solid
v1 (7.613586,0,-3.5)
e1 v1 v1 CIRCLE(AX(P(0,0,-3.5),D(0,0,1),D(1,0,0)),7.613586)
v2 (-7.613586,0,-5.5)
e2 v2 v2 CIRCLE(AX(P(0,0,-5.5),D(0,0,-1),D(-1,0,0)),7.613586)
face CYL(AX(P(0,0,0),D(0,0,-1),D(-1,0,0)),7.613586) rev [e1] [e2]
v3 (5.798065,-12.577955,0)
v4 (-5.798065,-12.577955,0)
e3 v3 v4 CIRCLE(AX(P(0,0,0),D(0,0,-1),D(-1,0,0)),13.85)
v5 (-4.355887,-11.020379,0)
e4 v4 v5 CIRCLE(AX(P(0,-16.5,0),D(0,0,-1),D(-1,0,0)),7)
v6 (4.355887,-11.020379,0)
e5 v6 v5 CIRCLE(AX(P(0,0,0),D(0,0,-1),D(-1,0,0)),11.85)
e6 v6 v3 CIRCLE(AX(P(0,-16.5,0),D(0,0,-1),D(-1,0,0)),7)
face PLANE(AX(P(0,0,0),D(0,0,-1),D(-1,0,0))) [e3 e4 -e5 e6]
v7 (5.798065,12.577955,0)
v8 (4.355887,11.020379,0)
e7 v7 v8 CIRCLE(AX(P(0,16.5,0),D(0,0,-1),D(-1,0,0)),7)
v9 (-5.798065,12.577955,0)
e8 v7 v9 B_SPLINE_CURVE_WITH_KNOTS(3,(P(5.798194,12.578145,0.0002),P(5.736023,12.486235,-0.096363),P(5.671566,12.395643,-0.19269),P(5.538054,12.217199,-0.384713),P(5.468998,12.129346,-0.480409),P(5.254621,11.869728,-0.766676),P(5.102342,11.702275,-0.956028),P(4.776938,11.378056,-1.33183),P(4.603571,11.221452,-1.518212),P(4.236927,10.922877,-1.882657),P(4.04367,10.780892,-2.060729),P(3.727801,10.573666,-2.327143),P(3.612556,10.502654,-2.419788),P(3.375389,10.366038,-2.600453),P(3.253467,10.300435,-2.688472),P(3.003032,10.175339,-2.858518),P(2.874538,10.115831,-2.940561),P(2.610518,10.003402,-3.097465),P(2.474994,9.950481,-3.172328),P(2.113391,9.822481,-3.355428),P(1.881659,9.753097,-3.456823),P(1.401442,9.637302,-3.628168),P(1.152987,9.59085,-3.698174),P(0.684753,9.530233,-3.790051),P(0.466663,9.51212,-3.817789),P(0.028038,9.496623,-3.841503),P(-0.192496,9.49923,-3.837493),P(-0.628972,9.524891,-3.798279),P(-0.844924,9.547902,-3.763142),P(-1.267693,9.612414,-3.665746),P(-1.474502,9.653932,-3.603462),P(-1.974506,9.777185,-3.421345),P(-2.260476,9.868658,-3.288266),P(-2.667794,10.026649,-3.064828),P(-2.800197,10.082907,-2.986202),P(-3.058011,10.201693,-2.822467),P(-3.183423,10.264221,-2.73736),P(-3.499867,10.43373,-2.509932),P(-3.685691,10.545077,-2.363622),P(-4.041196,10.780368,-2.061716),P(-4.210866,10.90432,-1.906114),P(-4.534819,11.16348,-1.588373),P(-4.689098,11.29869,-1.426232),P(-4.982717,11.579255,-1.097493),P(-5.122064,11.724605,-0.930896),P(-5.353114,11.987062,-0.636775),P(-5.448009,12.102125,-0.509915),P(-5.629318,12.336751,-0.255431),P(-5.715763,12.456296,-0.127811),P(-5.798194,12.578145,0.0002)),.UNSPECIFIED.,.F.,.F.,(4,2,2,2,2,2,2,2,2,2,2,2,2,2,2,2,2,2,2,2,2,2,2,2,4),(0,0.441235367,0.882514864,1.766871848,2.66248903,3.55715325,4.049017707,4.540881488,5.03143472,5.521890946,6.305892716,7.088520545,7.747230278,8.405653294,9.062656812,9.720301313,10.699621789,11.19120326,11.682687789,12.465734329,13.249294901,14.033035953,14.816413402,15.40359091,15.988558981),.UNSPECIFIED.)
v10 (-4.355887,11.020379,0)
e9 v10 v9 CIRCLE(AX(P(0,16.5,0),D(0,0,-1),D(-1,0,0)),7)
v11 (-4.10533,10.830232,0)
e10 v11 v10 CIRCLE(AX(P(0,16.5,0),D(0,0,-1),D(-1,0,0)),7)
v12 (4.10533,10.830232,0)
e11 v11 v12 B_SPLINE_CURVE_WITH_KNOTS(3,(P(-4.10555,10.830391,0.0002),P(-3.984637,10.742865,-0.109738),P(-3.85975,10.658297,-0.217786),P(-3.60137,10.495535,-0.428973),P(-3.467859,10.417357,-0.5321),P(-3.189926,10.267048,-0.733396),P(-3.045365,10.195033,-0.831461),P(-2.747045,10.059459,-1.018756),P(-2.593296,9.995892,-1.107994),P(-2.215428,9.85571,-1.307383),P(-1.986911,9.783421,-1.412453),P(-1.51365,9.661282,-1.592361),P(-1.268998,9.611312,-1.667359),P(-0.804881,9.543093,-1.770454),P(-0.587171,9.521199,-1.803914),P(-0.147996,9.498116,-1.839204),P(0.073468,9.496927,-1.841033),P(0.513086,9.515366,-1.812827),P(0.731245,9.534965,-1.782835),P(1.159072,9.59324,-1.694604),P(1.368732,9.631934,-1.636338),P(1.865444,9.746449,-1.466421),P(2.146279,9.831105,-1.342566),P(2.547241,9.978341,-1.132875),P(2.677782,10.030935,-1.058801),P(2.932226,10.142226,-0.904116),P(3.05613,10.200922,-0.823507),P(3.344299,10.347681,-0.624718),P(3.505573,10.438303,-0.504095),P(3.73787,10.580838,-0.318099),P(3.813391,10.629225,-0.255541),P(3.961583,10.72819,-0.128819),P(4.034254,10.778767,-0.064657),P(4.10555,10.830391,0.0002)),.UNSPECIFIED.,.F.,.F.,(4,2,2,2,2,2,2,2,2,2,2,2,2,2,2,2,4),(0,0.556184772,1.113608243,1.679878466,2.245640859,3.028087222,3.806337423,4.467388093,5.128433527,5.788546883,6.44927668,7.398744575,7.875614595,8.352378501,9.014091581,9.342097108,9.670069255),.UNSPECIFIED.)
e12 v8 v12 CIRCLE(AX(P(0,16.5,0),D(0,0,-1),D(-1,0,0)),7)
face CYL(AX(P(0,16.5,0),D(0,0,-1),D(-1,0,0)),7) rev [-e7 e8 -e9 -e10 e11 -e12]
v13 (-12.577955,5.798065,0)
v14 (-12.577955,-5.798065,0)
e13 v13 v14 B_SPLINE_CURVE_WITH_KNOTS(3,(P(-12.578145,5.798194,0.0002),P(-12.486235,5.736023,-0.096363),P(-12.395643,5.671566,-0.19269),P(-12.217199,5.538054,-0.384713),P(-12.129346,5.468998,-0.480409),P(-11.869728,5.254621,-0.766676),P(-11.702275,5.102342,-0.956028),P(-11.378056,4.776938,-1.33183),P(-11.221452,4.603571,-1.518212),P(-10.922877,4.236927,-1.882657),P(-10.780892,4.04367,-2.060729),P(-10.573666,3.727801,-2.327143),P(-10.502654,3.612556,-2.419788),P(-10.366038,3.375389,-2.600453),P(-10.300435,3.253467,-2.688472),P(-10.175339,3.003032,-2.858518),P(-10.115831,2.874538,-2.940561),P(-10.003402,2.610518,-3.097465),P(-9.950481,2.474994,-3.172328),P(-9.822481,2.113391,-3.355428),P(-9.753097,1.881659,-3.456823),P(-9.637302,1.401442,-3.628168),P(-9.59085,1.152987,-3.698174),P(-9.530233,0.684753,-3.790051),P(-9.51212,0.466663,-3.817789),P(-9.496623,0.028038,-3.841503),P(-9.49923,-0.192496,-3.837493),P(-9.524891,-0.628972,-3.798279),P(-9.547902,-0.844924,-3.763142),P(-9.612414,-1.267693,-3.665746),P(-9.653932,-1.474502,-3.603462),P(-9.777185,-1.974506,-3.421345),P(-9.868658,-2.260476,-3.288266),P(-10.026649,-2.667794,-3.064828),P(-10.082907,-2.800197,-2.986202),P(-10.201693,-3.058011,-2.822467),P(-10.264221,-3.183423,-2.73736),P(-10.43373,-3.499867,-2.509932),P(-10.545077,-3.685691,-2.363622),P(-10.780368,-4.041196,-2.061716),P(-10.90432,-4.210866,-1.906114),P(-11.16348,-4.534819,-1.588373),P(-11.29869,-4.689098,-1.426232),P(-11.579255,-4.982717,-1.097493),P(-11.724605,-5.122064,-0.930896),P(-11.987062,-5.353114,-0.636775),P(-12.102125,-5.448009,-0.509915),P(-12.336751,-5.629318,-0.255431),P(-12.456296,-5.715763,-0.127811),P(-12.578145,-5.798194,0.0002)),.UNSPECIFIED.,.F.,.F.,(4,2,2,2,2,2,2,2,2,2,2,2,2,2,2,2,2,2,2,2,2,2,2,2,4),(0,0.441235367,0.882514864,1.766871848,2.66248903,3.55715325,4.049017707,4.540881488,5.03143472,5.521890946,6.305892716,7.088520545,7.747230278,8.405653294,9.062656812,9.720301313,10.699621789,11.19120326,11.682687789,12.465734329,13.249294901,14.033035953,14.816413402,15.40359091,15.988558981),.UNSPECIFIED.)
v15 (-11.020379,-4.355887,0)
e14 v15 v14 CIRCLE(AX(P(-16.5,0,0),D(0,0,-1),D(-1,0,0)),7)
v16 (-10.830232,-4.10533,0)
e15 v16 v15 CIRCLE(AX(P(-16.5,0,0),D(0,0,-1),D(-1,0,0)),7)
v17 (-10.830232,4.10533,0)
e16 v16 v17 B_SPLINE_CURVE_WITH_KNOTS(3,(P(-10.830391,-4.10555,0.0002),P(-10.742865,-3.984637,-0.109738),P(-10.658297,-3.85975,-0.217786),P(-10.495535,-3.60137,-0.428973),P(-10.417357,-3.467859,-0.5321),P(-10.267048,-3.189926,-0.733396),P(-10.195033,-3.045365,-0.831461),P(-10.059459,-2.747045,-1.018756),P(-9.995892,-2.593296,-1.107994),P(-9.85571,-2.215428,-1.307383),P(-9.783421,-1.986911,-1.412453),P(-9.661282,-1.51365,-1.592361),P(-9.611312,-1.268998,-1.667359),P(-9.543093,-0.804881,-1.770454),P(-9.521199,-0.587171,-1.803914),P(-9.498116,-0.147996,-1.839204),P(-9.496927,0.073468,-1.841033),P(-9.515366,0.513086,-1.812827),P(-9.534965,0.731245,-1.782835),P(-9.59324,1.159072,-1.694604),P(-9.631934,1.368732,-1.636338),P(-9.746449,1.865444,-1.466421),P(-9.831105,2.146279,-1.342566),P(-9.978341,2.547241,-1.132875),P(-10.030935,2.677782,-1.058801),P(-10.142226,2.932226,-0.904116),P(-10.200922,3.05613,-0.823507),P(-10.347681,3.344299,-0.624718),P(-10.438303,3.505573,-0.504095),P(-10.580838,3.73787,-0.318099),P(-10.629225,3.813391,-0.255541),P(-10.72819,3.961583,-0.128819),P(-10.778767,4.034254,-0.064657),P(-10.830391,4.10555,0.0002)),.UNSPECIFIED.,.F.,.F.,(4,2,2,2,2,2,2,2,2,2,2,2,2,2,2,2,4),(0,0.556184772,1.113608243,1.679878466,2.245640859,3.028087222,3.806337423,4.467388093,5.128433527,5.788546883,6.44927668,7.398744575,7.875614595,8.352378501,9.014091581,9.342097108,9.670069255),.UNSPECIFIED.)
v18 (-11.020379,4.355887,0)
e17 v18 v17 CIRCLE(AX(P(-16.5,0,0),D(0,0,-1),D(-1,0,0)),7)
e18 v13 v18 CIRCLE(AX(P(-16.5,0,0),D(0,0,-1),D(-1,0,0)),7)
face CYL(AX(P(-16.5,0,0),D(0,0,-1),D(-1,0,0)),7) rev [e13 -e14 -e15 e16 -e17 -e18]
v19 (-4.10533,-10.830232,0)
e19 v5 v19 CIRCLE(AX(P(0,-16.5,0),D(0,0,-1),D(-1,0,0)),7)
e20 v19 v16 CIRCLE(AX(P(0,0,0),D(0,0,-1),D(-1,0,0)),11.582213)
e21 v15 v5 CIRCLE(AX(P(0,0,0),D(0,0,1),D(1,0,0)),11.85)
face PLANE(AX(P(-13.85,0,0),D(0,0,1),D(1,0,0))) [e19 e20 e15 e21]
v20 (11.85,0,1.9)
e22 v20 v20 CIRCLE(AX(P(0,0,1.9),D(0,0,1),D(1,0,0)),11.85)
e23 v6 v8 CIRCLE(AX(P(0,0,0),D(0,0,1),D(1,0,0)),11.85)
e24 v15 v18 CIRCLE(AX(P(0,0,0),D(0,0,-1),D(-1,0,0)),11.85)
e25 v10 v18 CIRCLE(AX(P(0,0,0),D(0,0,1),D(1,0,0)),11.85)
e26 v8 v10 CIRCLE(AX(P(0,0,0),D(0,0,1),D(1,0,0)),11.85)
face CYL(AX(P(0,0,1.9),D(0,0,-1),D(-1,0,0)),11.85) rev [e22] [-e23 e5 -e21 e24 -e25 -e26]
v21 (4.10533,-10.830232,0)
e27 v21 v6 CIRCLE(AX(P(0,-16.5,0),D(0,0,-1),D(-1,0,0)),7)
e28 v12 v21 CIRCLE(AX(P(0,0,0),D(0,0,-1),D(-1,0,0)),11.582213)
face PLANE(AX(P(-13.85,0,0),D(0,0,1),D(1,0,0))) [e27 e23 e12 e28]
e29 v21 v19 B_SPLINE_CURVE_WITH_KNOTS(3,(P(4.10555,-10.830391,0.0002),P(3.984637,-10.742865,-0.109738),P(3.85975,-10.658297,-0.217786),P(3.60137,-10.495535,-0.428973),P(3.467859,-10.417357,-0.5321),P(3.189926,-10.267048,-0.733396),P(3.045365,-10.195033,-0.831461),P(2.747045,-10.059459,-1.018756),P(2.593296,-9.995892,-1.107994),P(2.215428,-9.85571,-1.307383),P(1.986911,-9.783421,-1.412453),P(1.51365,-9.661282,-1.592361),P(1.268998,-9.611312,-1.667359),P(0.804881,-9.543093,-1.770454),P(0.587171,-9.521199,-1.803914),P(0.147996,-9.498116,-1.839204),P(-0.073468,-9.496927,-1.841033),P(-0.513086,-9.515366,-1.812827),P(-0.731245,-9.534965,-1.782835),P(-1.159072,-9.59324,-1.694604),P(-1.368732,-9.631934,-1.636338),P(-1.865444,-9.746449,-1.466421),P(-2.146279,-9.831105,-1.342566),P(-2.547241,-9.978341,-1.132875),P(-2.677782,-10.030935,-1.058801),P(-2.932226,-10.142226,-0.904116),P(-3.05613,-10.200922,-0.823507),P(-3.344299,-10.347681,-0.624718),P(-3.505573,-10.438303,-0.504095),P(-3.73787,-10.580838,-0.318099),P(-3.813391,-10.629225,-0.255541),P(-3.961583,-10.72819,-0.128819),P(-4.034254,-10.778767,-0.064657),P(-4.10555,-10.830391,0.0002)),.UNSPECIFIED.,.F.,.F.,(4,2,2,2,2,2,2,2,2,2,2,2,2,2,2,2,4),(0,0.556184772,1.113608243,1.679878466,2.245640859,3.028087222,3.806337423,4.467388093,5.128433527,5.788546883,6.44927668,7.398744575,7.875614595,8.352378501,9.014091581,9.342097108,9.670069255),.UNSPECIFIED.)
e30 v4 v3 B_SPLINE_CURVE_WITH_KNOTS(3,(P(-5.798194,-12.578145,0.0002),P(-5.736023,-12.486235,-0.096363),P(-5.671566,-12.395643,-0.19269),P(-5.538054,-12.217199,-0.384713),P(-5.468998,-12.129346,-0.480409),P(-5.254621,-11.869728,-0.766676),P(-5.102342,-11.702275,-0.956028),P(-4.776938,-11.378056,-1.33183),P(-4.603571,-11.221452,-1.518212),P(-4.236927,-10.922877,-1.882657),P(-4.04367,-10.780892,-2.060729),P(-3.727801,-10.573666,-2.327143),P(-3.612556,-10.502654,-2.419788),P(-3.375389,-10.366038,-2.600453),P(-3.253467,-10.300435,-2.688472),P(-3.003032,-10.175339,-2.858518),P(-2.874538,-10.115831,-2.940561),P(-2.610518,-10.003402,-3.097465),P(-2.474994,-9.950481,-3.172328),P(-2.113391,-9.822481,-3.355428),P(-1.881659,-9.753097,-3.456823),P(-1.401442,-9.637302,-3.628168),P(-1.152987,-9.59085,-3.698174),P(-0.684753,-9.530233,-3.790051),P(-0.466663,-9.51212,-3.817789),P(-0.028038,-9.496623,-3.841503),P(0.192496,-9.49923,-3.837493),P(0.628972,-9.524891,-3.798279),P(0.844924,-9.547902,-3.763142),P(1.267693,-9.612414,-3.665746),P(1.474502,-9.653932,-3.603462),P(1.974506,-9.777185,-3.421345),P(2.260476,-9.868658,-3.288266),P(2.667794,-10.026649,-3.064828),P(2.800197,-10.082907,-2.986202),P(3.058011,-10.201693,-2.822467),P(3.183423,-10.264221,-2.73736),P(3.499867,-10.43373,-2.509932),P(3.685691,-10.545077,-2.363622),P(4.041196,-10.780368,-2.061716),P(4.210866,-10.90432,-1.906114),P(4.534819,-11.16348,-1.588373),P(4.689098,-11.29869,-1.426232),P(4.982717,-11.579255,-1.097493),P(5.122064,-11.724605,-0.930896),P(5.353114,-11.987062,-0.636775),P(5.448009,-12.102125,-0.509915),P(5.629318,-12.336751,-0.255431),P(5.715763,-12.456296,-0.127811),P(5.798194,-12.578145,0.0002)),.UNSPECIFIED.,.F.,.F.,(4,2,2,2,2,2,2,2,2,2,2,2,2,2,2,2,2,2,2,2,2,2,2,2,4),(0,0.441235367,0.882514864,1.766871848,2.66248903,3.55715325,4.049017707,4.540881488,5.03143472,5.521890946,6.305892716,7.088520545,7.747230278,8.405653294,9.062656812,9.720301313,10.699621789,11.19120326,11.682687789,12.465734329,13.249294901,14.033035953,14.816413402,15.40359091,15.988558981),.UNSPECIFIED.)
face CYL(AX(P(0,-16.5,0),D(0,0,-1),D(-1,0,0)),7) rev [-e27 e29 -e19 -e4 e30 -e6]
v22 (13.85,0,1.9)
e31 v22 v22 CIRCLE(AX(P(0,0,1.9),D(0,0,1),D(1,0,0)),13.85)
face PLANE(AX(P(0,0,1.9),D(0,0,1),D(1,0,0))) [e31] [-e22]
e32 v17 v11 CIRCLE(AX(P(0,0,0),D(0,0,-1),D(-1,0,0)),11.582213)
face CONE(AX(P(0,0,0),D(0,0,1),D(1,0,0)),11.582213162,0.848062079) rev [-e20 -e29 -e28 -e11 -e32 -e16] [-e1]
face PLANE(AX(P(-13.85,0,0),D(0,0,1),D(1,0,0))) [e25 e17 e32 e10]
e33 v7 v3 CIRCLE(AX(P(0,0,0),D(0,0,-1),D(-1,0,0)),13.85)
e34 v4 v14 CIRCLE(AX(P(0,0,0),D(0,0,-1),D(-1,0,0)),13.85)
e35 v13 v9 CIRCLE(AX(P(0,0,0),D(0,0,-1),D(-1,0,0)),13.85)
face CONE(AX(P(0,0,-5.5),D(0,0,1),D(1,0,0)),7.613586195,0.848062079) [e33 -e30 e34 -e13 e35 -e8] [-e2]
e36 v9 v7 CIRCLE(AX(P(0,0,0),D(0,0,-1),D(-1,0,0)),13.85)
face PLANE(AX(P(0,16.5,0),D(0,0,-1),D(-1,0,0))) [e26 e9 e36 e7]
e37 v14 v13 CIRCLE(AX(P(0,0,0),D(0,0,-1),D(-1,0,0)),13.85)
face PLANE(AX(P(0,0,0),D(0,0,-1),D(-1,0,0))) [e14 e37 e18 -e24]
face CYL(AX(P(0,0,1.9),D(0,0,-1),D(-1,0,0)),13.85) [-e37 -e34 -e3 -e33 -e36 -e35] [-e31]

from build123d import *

# Parameters (mm, degrees)
SKETCH1_R           = 13.85
SKETCH1_R_2         = 11.85
BOSS_EXTRUDE1_DEPTH = 1.9
SKETCH4_R           = 7
SKETCH4_R_2         = 7.613586195
CUT_EXTRUDE2_DEPTH  = 5.5


with BuildPart() as part:
    # Sketch1 → Boss-Extrude1 (new body)
    with BuildSketch(Plane.XY):
        with Locations(Location((0, 0, 0), (0, 0, 180))):
            Circle(SKETCH1_R)
        with Locations(Location((0, 0, 0), (0, 0, 180))):
            Circle(SKETCH1_R_2, mode=Mode.SUBTRACT)
    extrude(amount=BOSS_EXTRUDE1_DEPTH)

    # Sketch2 → Revolve1 (revolve)
    with BuildSketch(Plane(origin=(0, 0, 0), x_dir=(1, 0, 0), z_dir=(0, 1, 0))):
        Polygon((-13.85, 0), (-7.613586195, 5.5), (0, 5.5), (0, 3.5), (-7.613586195, 3.5), (-11.582213162, 0), align=None)
    revolve(axis=Axis((0, 0, -5.5), (0, 0, 1)))

    # Sketch4 → Cut-Extrude2 (cut)
    with BuildSketch(Plane(origin=(0, 0, -5.5), x_dir=(-1, 0, 0), z_dir=(0, 0, -1))):
        with Locations((16.5, 0)):
            Circle(SKETCH4_R)
        Circle(SKETCH4_R_2)
        with Locations((0, -16.5)):
            Circle(SKETCH4_R)
        with Locations((0, 16.5)):
            Circle(SKETCH4_R)
    extrude(amount=-CUT_EXTRUDE2_DEPTH, mode=Mode.SUBTRACT)


solid = part.part
